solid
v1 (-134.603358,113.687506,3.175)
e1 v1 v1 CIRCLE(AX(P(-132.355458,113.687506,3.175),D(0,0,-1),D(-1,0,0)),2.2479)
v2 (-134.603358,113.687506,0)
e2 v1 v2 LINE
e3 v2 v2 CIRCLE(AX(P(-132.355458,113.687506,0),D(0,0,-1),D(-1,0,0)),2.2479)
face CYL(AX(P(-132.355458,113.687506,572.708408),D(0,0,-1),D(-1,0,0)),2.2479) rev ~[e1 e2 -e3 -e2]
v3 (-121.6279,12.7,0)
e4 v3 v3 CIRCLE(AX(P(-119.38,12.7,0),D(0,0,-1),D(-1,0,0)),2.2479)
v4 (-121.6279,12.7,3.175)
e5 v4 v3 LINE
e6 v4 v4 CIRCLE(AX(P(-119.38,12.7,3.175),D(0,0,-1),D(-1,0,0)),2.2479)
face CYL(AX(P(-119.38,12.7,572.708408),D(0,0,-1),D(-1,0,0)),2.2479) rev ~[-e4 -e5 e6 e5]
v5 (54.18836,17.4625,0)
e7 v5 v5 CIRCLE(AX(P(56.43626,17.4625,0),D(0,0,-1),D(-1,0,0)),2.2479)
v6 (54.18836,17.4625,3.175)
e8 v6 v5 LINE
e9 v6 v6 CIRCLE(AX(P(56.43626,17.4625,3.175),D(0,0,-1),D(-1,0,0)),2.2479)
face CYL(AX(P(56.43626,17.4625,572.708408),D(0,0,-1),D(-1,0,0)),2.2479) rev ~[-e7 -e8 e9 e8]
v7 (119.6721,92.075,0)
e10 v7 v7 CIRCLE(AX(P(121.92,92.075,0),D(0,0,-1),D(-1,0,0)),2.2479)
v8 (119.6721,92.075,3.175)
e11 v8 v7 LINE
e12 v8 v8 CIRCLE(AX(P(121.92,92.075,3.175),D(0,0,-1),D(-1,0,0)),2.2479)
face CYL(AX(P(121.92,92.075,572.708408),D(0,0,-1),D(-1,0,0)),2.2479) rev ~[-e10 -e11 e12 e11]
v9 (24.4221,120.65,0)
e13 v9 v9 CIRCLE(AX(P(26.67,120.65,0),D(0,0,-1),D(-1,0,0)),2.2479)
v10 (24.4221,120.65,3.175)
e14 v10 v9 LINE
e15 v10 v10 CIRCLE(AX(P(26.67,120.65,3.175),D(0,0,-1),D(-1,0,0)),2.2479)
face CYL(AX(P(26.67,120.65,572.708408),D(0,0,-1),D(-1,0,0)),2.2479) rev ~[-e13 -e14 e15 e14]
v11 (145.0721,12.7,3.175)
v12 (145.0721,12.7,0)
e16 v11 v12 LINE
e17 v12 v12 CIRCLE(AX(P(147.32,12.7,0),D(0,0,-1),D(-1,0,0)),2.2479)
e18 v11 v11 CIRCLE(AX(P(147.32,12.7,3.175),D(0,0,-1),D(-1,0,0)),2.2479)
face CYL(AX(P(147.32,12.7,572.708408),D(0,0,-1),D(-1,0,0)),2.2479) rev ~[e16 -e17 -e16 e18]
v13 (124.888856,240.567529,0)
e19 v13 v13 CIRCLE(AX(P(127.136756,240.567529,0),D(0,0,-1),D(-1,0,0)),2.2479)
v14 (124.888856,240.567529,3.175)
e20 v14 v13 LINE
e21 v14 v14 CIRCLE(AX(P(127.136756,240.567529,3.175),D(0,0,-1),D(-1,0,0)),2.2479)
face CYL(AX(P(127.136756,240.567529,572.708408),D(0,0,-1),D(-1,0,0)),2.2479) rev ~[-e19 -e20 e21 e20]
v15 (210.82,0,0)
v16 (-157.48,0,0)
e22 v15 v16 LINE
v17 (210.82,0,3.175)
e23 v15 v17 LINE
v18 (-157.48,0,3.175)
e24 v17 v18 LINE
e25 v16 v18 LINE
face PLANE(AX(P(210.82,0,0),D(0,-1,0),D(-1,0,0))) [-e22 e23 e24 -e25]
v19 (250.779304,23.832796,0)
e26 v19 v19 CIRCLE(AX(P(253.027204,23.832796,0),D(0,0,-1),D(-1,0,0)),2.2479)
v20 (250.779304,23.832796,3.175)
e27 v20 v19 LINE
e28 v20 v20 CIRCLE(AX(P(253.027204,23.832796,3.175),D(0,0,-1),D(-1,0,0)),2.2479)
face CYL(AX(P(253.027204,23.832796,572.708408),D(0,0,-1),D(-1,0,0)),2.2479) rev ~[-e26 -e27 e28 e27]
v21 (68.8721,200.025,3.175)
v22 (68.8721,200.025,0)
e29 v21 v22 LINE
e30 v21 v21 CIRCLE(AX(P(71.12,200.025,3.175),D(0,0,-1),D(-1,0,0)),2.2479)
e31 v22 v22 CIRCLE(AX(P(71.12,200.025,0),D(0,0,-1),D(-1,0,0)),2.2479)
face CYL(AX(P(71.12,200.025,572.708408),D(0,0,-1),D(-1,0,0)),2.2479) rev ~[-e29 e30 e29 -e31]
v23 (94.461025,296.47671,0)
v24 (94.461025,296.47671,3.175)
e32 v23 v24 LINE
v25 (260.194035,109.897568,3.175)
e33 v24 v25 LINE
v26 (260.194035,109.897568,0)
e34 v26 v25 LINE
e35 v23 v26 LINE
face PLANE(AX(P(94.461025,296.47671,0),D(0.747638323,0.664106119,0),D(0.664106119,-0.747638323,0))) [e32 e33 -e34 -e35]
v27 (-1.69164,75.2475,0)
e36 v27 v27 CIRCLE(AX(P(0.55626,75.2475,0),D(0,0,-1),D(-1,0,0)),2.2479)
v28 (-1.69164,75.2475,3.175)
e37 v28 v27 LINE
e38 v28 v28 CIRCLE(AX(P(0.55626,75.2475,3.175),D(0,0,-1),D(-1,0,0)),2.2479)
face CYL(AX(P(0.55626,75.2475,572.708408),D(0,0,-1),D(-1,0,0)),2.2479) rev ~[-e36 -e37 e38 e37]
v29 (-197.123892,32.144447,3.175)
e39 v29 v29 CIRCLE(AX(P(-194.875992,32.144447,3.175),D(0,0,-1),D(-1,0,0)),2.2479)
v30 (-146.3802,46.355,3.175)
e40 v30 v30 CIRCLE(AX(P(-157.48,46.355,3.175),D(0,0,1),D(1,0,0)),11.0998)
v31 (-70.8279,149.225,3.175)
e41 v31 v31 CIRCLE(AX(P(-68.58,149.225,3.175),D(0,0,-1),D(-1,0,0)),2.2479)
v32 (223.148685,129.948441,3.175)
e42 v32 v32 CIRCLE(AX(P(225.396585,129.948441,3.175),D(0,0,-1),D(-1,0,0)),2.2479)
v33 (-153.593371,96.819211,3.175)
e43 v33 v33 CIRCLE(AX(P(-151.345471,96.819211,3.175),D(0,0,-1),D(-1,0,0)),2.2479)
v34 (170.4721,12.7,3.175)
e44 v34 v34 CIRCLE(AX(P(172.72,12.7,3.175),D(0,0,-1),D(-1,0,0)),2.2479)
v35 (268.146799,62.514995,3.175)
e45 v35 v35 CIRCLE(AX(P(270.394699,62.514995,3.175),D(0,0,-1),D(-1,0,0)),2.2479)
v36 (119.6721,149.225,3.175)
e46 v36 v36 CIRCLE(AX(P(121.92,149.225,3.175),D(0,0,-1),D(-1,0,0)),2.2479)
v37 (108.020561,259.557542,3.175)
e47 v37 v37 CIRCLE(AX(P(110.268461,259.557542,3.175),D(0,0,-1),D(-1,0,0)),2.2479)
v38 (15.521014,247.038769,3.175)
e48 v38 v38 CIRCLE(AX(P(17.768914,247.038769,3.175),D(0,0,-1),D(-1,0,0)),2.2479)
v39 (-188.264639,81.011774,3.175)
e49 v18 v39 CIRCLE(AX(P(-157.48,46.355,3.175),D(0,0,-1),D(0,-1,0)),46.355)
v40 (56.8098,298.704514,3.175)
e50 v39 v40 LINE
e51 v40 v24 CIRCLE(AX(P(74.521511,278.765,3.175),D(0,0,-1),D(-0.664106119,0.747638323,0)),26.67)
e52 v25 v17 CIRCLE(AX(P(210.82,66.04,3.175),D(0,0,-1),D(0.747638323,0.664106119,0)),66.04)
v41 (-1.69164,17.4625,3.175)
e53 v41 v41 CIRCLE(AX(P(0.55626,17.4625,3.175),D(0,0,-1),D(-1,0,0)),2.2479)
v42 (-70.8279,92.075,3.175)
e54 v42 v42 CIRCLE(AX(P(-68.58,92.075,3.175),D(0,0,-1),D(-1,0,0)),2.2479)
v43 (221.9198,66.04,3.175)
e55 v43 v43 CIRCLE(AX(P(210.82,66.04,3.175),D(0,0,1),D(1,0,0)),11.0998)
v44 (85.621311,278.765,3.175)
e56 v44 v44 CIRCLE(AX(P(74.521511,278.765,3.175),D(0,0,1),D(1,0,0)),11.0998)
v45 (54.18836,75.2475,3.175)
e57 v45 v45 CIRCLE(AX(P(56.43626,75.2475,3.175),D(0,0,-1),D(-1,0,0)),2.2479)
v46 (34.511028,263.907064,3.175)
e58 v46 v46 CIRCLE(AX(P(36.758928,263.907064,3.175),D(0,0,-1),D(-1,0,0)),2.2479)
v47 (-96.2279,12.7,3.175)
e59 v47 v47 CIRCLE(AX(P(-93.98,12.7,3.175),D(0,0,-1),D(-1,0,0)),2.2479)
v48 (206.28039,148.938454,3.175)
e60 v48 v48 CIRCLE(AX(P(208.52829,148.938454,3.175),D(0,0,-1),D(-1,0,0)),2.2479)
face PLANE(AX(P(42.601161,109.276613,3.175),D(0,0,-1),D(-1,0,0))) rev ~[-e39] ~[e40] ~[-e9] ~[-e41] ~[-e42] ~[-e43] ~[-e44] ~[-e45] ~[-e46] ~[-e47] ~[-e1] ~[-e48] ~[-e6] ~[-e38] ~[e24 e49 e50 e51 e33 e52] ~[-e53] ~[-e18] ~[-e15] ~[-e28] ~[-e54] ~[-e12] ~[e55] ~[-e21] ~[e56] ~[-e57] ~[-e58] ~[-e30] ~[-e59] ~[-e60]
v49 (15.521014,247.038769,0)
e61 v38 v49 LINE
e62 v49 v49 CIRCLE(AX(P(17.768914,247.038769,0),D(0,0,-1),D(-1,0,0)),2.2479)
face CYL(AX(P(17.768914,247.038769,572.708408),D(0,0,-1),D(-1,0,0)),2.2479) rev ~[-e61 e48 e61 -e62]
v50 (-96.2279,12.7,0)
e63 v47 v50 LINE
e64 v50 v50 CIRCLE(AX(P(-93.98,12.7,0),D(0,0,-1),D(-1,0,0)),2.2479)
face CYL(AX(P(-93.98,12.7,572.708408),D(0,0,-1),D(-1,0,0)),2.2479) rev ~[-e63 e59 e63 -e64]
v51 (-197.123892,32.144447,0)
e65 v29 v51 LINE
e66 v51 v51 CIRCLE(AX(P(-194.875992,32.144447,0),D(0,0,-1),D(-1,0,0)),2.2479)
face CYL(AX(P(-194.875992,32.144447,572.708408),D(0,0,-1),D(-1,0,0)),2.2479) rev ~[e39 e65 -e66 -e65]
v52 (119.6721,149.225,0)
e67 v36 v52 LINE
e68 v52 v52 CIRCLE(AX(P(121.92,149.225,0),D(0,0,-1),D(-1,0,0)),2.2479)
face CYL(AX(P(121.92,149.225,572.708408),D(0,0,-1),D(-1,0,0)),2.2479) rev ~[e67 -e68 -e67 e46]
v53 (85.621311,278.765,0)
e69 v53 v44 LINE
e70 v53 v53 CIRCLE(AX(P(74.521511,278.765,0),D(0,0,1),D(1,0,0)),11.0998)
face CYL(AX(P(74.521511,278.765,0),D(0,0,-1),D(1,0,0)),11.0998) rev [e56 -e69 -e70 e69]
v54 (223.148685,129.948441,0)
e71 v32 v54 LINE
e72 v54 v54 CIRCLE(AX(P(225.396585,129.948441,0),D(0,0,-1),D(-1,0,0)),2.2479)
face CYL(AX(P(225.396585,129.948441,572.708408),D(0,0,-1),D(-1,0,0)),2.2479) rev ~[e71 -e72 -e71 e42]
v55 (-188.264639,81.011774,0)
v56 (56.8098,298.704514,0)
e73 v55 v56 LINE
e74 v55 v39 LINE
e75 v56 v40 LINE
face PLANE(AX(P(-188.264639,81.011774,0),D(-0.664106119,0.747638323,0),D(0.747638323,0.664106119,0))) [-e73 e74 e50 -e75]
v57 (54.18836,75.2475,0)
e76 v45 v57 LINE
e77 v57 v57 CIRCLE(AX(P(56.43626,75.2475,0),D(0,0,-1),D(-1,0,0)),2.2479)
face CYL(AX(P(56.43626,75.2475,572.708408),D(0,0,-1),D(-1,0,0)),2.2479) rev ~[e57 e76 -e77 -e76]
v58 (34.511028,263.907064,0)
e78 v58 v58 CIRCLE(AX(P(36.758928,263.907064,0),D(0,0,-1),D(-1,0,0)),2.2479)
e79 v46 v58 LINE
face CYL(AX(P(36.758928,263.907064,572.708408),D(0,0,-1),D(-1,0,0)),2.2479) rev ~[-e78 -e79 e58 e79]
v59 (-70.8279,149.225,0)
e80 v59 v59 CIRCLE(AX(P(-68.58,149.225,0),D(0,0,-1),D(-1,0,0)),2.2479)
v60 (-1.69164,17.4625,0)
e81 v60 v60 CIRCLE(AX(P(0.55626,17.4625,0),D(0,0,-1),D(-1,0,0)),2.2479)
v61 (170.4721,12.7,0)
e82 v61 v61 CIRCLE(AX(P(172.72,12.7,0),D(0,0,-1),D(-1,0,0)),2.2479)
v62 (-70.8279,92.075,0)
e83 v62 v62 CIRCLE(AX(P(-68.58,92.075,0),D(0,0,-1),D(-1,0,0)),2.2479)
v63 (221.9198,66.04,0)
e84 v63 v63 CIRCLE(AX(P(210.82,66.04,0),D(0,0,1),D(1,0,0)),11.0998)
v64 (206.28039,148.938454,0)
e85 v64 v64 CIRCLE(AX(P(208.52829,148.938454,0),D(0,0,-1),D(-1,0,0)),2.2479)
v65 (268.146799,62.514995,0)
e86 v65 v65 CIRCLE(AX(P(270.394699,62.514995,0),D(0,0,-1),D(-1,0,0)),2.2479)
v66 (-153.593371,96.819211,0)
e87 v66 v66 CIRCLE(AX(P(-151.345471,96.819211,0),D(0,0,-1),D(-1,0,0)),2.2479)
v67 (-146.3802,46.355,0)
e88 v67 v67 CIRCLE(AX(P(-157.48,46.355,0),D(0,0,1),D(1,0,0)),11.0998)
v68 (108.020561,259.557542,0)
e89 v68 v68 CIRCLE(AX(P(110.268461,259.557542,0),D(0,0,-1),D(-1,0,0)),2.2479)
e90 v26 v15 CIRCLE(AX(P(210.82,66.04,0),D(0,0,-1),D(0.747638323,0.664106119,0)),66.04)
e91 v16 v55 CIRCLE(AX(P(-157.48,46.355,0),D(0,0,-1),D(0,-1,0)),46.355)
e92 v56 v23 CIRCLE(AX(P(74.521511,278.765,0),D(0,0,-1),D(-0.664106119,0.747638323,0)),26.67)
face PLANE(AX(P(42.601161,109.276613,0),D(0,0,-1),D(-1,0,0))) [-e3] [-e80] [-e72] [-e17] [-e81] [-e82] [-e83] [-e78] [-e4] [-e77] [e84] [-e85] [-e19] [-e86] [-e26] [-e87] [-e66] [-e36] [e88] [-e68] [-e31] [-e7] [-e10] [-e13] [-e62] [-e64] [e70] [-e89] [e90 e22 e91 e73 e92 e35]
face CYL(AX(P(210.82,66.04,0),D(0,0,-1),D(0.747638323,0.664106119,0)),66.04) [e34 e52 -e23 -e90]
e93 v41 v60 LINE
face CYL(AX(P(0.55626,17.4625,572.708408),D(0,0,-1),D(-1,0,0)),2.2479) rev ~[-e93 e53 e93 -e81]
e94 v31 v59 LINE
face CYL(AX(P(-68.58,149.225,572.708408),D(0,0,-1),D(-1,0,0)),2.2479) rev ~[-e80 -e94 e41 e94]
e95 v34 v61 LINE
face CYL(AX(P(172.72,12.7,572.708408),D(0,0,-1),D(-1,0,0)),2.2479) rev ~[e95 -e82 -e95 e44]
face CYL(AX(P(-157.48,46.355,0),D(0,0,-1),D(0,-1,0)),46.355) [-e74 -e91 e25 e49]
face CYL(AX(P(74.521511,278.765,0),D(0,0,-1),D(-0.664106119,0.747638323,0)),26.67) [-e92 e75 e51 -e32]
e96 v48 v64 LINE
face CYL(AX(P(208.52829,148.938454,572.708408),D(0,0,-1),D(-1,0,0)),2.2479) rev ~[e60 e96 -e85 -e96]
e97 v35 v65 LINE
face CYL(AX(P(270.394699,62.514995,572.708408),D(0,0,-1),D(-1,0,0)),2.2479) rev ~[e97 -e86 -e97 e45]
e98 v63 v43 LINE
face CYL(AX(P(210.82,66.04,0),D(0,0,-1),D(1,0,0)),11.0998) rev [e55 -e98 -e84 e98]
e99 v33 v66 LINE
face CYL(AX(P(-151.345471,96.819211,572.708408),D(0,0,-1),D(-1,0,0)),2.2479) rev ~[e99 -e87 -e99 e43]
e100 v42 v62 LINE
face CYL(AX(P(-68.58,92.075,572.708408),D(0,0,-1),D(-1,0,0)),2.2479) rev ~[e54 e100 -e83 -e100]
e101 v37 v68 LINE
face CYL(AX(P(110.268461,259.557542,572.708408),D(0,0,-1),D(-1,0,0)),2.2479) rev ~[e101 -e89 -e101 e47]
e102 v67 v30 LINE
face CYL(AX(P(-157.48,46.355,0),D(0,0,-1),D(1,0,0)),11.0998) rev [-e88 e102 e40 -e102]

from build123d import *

# Parameters (mm, degrees)
SKETCH1_R             = 11.0998
BOSS_EXTRUDE1_DEPTH   = 3.175
F_8_CLEARANCE_HOLE2_D = 4.4958


with BuildPart() as part:
    # Sketch1 → Boss-Extrude1 (new body)
    with BuildSketch(Plane.XY):
        with BuildLine():
            Line((-188.264639147, 81.011774484), (56.809800323, 298.704514086))
            ThreePointArc((56.809800323, 298.704514086), (76.096805757, 305.388436009), (94.461024604, 296.476710194))
            Line((94.461024604, 296.476710194), (260.194034881, 109.897568099))
            ThreePointArc((260.194034881, 109.897568099), (271.059668812, 38.975929697), (210.82, 0))
            Line((210.82, 0), (-157.48, 0))
            ThreePointArc((-157.48, 0), (-200.811863601, 29.88880366), (-188.264639147, 81.011774484))
        make_face()
        with Locations((-157.48, 46.355)):
            Circle(SKETCH1_R, mode=Mode.SUBTRACT)
        with Locations((74.521510517, 278.765)):
            Circle(SKETCH1_R, mode=Mode.SUBTRACT)
        with Locations((210.82, 66.04)):
            Circle(SKETCH1_R, mode=Mode.SUBTRACT)
    extrude(amount=BOSS_EXTRUDE1_DEPTH)

    # #8 Clearance Hole2 (through all)
    with Locations(Plane.XY.offset(3.175)):
        with Locations((17.768914495, 247.038768822), (36.758927911, 263.907064244), (110.26846103, 259.557542359), (127.136756453, 240.567528943), (208.528289616, 148.938453927), (225.396585039, 129.948440511), (270.394698688, 62.514995218), (253.027203769, 23.832796231), (172.72, 12.7), (147.32, 12.7), (-93.98, 12.7), (-119.38, 12.7), (-194.875991874, 32.144446994), (-151.345471312, 96.81921091), (-132.355457896, 113.687506333), (-68.58, 149.225), (-68.58, 92.075), (121.92, 92.075), (121.92, 149.225), (71.12, 200.025), (26.67, 120.65), (0.55626, 75.2475), (56.43626, 75.2475), (56.43626, 17.4625), (0.55626, 17.4625)):
            Hole(F_8_CLEARANCE_HOLE2_D / 2)


solid = part.part
